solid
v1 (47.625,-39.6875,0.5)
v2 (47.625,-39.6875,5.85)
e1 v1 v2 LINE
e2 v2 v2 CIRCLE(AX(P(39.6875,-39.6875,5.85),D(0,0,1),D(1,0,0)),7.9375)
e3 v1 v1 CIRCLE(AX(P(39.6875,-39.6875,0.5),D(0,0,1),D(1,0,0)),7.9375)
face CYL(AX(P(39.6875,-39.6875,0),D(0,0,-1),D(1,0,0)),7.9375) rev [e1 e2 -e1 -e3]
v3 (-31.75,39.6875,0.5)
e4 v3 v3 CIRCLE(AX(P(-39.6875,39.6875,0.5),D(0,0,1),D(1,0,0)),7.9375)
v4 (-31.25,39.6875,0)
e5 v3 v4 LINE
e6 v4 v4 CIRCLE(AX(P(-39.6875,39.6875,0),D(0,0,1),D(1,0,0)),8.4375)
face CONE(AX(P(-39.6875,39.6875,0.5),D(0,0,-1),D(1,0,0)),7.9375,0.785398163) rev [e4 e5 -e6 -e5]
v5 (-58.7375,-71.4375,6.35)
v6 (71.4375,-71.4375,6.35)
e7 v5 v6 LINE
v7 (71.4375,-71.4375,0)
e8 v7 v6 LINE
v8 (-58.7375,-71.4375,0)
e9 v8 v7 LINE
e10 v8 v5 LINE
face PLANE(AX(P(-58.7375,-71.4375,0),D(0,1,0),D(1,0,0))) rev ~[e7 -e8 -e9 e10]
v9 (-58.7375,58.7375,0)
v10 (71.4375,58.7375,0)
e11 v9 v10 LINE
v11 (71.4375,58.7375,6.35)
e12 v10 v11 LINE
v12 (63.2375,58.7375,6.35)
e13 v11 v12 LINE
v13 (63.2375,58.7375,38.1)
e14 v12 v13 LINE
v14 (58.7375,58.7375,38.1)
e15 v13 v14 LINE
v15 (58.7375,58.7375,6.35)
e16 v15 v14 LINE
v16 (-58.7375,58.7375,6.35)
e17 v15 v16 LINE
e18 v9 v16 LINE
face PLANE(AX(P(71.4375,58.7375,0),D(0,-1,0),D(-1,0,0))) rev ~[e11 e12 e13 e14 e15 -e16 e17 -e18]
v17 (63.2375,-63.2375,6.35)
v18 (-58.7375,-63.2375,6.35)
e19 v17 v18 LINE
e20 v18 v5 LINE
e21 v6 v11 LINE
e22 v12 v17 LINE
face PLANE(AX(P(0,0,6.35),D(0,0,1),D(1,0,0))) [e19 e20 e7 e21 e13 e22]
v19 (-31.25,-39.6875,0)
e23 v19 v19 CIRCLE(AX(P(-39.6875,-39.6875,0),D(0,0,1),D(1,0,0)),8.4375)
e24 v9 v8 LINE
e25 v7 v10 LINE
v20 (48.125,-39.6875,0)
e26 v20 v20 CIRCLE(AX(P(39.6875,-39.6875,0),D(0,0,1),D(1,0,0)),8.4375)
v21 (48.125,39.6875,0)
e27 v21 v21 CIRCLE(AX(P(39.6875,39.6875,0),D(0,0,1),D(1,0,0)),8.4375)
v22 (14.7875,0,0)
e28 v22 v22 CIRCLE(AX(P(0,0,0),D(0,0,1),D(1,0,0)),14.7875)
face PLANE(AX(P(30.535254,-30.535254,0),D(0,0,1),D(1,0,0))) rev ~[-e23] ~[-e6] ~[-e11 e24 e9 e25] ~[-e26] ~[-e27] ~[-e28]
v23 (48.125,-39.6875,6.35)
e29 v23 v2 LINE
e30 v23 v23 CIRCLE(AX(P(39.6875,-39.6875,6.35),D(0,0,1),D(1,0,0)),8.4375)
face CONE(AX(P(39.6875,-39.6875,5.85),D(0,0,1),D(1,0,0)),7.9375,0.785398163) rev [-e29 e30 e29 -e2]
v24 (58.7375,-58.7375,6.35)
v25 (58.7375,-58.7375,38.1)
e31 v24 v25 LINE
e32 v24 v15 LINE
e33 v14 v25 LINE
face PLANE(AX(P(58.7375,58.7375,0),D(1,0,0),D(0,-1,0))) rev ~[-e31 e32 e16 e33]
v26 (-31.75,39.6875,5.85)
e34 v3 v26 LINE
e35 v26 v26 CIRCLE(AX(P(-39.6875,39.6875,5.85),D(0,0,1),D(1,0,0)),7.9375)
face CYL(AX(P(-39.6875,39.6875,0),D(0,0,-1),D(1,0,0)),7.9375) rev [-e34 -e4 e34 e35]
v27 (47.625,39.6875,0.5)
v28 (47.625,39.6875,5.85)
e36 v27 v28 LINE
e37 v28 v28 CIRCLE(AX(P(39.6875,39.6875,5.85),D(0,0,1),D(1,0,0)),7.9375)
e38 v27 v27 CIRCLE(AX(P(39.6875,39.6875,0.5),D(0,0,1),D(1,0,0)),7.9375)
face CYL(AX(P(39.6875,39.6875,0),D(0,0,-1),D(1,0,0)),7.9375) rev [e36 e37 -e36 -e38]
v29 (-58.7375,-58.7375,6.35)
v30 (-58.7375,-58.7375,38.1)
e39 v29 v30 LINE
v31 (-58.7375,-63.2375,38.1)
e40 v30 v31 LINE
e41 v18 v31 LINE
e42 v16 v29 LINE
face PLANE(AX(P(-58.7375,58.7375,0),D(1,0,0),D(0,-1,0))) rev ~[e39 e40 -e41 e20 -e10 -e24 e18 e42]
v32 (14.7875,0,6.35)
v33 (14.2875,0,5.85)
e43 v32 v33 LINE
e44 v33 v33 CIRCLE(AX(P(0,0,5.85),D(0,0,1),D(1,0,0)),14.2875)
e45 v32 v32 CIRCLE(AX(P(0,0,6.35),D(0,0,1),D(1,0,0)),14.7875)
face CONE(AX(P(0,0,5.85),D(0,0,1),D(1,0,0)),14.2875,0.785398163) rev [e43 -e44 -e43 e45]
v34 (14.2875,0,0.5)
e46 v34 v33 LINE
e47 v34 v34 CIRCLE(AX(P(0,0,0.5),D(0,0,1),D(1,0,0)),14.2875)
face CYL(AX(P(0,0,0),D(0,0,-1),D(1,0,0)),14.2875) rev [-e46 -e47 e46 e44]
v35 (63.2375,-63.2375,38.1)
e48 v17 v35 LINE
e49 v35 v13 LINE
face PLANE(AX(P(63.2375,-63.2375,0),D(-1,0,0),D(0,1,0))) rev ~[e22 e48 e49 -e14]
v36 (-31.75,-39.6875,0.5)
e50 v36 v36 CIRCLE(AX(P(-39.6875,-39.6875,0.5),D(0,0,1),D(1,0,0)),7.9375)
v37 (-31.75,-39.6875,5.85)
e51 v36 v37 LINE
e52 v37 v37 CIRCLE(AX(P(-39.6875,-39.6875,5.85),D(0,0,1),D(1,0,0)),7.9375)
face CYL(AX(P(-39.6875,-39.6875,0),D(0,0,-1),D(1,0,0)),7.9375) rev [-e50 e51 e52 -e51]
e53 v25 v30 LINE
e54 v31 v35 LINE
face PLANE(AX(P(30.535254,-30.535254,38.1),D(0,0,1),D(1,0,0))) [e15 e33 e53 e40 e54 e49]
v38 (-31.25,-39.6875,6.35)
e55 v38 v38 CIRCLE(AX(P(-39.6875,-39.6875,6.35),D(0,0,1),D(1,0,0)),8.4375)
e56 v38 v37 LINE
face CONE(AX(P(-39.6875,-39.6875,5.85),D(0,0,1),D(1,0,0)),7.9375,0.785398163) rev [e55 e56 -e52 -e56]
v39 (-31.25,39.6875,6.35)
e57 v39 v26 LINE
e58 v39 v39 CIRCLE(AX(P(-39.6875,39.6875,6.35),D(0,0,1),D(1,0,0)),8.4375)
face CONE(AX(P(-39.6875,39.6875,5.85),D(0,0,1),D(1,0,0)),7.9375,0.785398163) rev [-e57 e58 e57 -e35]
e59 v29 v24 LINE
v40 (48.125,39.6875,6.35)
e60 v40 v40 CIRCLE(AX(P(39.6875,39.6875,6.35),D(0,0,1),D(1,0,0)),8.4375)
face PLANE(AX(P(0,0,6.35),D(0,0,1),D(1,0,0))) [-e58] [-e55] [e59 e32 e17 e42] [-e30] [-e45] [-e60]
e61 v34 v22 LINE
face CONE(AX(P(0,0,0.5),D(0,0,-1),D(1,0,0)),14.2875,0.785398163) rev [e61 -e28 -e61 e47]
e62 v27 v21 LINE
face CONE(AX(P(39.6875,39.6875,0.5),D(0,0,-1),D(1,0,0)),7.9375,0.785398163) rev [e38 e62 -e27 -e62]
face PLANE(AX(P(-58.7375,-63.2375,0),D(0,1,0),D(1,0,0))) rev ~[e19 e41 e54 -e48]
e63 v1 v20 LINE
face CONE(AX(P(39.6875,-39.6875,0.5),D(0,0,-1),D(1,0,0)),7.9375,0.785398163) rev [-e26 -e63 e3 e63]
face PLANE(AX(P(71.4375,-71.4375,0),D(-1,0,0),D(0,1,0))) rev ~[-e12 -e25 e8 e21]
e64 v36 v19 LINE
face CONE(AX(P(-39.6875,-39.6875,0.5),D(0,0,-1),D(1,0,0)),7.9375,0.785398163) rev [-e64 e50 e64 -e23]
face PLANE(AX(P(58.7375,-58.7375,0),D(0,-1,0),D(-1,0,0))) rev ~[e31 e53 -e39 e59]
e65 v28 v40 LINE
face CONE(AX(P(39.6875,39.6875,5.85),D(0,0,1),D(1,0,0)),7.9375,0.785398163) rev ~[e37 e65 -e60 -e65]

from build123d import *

# Parameters (mm, degrees)
F0_W     = 117.475
F0_H     = 117.475
F0_R     = 7.9375
F0_R_2   = 14.2875
F1_DEPTH = 6.35
F2_DEPTH = 38.1
F3_SIZE  = 0.5
F4_SIZE  = 0.5


with BuildPart() as f1:
    # F0 (on Top) → F1 (new body)
    with BuildSketch(Plane.XY):
        Rectangle(F0_W, F0_H)
        with Locations((-39.6875, -39.6875)):
            Circle(F0_R, mode=Mode.SUBTRACT)
        with Locations((39.6875, -39.6875)):
            Circle(F0_R, mode=Mode.SUBTRACT)
        Circle(F0_R_2, mode=Mode.SUBTRACT)
        with Locations((-39.6875, 39.6875)):
            Circle(F0_R, mode=Mode.SUBTRACT)
        with Locations((39.6875, 39.6875)):
            Circle(F0_R, mode=Mode.SUBTRACT)
        Polygon((63.2375, 58.7375), (58.7375, 58.7375), (58.7375, -58.7375), (-58.7375, -58.7375), (-58.7375, -63.2375), (63.2375, -63.2375), align=None)
        Polygon((71.4375, 58.7375), (63.2375, 58.7375), (63.2375, -63.2375), (-58.7375, -63.2375), (-58.7375, -71.4375), (71.4375, -71.4375), align=None)
    extrude(amount=F1_DEPTH)

    # F0 (on Top) → F2 (join)
    with BuildSketch(Plane.XY):
        Polygon((63.2375, 58.7375), (58.7375, 58.7375), (58.7375, -58.7375), (-58.7375, -58.7375), (-58.7375, -63.2375), (63.2375, -63.2375), align=None)
    extrude(amount=F2_DEPTH)

    # F3
    f3_edges = [f1.edges().sort_by_distance(p)[0] for p in [
        (31.75, -39.6875, 0),
        (-47.625, -39.6875, 0),
        (-47.625, 39.6875, 0),
        (31.75, 39.6875, 0),
        (-14.2875, 0, 0),
    ]]
    chamfer(f3_edges, length=F3_SIZE)

    # F4
    f4_edges = [f1.edges().sort_by_distance(p)[0] for p in [
        (-47.625, 39.6875, 6.35),
        (31.75, 39.6875, 6.35),
        (-14.2875, 0, 6.35),
        (31.75, -39.6875, 6.35),
        (-47.625, -39.6875, 6.35),
    ]]
    chamfer(f4_edges, length=F4_SIZE)


solid = f1.part
